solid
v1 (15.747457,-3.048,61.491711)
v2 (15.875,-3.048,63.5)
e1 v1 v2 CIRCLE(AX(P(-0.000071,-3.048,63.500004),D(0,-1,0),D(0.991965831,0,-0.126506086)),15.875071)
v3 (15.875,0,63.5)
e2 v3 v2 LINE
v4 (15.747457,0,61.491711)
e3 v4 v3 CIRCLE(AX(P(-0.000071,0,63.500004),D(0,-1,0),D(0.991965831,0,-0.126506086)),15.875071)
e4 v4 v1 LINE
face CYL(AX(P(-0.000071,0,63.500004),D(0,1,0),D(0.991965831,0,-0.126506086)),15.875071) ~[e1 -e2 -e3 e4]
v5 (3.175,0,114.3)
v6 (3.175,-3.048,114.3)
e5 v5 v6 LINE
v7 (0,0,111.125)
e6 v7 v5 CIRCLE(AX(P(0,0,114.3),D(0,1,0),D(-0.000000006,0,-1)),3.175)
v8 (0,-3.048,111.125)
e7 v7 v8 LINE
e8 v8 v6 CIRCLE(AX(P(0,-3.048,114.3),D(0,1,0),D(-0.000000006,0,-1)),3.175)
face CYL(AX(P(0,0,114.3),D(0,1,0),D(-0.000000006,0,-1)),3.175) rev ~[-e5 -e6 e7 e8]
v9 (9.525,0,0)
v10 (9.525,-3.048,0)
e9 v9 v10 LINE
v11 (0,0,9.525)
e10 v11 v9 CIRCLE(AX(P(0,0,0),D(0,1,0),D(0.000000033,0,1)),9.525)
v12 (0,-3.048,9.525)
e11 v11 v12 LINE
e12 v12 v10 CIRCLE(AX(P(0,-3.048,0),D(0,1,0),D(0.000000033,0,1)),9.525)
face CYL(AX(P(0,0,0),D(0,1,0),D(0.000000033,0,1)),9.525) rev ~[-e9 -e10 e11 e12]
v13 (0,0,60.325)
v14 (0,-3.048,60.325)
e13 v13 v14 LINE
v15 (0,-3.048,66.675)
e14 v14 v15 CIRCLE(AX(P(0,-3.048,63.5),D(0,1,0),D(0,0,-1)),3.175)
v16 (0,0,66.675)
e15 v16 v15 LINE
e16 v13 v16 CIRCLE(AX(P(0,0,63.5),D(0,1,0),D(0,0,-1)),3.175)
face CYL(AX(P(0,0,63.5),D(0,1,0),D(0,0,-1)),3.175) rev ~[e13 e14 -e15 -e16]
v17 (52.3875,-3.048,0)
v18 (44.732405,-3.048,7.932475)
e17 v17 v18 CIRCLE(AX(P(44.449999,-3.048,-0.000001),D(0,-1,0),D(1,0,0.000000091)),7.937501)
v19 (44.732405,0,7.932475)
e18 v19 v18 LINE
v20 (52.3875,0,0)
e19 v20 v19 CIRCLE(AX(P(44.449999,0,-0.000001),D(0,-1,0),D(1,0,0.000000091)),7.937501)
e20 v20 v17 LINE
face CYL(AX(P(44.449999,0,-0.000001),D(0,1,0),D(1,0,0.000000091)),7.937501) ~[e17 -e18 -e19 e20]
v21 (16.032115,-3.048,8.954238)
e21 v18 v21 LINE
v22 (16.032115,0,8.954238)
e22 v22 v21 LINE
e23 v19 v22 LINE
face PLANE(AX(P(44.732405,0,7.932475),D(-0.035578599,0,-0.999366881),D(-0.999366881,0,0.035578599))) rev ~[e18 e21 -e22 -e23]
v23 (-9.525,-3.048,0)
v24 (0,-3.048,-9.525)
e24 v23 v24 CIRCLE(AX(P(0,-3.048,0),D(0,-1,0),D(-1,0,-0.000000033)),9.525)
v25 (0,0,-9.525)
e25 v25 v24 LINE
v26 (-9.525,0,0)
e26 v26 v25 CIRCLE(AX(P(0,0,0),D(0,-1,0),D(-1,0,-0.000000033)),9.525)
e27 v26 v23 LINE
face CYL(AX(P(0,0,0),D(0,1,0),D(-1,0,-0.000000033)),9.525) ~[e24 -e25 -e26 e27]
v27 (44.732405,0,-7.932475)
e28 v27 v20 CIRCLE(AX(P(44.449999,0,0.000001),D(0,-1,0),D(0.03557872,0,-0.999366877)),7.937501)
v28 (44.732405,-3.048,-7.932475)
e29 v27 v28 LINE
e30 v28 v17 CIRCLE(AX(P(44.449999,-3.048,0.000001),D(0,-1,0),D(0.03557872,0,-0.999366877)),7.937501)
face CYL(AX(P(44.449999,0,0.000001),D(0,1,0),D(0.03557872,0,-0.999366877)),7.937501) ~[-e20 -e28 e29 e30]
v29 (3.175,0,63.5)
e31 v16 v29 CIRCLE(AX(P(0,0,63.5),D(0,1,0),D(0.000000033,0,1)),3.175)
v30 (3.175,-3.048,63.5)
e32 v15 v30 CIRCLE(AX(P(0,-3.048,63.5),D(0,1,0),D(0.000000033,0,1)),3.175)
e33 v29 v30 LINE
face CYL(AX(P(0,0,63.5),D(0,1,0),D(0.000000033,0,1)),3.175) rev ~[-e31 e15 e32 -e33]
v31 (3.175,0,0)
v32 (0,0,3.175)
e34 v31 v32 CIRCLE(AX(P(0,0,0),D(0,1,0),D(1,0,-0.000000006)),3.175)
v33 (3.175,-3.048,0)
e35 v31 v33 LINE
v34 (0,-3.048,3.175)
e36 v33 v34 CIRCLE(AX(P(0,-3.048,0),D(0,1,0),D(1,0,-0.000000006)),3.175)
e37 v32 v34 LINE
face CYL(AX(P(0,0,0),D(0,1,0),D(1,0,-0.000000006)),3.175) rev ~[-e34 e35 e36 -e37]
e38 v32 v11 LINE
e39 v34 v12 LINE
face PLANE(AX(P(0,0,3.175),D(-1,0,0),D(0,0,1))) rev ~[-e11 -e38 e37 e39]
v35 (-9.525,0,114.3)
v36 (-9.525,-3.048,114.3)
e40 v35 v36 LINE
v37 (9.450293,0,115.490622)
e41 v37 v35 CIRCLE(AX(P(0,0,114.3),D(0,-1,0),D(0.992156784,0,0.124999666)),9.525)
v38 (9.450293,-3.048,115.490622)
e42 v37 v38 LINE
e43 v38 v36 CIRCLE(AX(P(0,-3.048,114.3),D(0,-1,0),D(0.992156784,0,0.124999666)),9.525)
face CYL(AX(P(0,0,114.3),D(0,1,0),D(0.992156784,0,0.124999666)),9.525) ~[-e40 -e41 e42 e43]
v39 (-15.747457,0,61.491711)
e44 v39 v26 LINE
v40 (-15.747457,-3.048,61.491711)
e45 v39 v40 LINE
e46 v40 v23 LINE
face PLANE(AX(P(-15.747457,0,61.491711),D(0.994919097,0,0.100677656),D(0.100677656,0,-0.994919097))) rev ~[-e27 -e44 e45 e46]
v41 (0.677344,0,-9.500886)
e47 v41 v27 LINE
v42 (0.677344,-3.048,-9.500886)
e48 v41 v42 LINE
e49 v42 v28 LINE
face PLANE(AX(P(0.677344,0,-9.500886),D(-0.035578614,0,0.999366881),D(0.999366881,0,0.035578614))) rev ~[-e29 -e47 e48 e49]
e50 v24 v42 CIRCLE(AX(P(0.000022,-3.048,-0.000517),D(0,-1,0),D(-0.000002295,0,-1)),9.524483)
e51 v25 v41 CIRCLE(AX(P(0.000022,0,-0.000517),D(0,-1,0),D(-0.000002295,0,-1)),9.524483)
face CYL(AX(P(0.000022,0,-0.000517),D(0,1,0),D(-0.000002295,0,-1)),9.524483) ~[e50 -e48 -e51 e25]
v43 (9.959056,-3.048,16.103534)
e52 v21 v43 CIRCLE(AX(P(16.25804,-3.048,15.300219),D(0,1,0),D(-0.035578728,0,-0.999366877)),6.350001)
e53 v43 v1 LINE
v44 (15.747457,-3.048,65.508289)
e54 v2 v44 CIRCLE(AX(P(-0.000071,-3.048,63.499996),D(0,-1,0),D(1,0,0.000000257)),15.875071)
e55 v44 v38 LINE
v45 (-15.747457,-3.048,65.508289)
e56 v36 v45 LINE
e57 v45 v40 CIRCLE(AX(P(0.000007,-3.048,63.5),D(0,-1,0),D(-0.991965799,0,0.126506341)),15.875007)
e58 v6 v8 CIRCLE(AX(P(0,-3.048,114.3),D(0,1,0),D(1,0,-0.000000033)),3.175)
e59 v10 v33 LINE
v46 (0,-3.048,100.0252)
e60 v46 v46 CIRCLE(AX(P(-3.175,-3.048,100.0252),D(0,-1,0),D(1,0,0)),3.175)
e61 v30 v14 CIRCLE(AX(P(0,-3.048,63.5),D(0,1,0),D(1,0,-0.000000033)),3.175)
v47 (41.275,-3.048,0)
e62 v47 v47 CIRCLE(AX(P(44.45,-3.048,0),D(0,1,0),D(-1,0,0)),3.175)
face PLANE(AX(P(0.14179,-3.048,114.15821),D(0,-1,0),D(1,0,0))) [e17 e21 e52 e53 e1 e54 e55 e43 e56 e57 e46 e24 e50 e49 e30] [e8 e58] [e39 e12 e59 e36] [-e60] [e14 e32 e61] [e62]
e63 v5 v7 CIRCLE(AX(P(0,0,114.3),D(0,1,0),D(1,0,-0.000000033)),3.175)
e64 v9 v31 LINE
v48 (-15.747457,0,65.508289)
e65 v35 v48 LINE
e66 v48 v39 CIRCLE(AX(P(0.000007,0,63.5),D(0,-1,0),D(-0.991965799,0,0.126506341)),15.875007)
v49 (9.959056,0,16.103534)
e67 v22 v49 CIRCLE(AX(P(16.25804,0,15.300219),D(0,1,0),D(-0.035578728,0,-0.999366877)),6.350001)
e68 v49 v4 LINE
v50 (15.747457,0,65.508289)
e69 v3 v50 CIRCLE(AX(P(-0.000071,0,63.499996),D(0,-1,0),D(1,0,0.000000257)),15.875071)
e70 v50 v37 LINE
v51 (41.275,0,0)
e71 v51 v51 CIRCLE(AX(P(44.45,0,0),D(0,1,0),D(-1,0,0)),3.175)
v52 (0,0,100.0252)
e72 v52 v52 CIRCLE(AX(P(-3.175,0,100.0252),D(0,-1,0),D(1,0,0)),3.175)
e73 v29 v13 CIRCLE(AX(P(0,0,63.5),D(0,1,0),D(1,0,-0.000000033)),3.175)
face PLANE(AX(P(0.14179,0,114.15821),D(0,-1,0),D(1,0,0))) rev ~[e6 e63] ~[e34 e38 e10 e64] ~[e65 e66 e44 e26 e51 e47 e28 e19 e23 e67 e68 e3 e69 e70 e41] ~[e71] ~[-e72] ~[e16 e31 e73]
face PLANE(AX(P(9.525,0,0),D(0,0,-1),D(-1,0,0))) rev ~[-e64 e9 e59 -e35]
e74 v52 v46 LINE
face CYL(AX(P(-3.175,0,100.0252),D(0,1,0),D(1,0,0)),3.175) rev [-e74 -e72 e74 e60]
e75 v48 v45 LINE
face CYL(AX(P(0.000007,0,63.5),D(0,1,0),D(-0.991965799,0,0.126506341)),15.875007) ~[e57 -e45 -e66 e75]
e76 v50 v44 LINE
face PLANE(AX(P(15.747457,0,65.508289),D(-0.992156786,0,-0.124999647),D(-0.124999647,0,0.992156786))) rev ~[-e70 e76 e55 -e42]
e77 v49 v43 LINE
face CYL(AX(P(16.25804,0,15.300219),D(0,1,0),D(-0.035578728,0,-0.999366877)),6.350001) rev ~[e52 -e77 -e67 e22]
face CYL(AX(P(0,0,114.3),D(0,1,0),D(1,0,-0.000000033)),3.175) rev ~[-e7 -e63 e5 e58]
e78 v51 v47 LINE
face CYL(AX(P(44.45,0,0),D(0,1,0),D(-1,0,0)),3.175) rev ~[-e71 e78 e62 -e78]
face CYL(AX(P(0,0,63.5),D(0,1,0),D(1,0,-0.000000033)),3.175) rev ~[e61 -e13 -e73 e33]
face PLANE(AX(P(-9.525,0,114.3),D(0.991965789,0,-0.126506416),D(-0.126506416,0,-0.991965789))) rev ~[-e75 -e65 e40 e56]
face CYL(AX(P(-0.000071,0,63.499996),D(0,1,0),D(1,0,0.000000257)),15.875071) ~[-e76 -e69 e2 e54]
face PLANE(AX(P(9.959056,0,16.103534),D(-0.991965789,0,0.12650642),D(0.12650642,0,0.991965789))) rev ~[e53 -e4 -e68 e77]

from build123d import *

# Parameters (mm, degrees)
F0_R     = 3.175
F1_DEPTH = 3.048


with BuildPart() as f1:
    # F0 (on Front) → F1 (new body)
    with BuildSketch(Plane.XZ):
        with BuildLine():
            ThreePointArc((3.175, 114.3), (-2.245064, 116.545064), (0, 111.125))
            ThreePointArc((0, 111.125), (2.245064, 112.054936), (3.175, 114.3))
        make_face()
        with BuildLine():
            ThreePointArc((0, 104.775), (6.735192, 107.564808), (9.525, 114.3))
            ThreePointArc((9.525, 114.3), (9.506305, 114.896482), (9.450293, 115.490622))
            ThreePointArc((9.450293, 115.490622), (-0.596482, 123.806305), (-9.525, 114.3))
            ThreePointArc((-9.525, 114.3), (-6.735192, 107.564808), (0, 104.775))
        make_face()
        with BuildLine():
            ThreePointArc((3.175, 114.3), (2.245064, 112.054936), (0, 111.125))
            ThreePointArc((0, 111.125), (-2.245064, 116.545064), (3.175, 114.3))
        make_face(mode=Mode.SUBTRACT)
        with BuildLine():
            ThreePointArc((9.450293, 115.490622), (9.506305, 114.896482), (9.525, 114.3))
            ThreePointArc((9.525, 114.3), (6.735192, 107.564808), (0, 104.775))
            Line((0, 104.775), (0, 100.0252))
            Line((0, 100.0252), (0, 79.375))
            ThreePointArc((0, 79.375), (10.491283, 75.414219), (15.747457, 65.508289))
            Line((15.747457, 65.508289), (9.450293, 115.490622))
        make_face()
        with BuildLine():
            Line((0, 100.0252), (0, 104.775))
            ThreePointArc((0, 104.775), (-6.735192, 107.564808), (-9.525, 114.3))
            Line((-9.525, 114.3), (-15.747457, 65.508289))
            ThreePointArc((-15.747457, 65.508289), (-10.491283, 75.414219), (0, 79.375))
            Line((0, 79.375), (0, 100.0252))
        make_face()
        with Locations((-3.175, 100.0252)):
            Circle(F0_R, mode=Mode.SUBTRACT)
        with BuildLine():
            ThreePointArc((15.875, 63.5), (15.843082, 64.506168), (15.747457, 65.508289))
            ThreePointArc((15.747457, 65.508289), (10.491283, 75.414219), (0, 79.375))
            Line((0, 79.375), (0, 66.675))
            ThreePointArc((0, 66.675), (2.245064, 65.745064), (3.175, 63.5))
            ThreePointArc((3.175, 63.5), (2.245064, 61.254936), (0, 60.325))
            Line((0, 60.325), (0, 47.625))
            ThreePointArc((0, 47.625), (10.491283, 51.585781), (15.747457, 61.491711))
            ThreePointArc((15.747457, 61.491711), (15.843082, 62.493832), (15.875, 63.5))
        make_face()
        with BuildLine():
            ThreePointArc((0, 79.375), (-10.491283, 75.414219), (-15.747457, 65.508289))
            ThreePointArc((-15.747457, 65.508289), (-15.875, 63.5), (-15.747457, 61.491711))
            ThreePointArc((-15.747457, 61.491711), (-10.491283, 51.585781), (0, 47.625))
            Line((0, 47.625), (0, 60.325))
            ThreePointArc((0, 60.325), (-3.175, 63.5), (0, 66.675))
            Line((0, 66.675), (0, 79.375))
        make_face()
        with BuildLine():
            ThreePointArc((0, 47.625), (-10.491283, 51.585781), (-15.747457, 61.491711))
            Line((-15.747457, 61.491711), (-9.525, 0))
            ThreePointArc((-9.525, 0), (-6.735192, 6.735192), (0, 9.525))
            Line((0, 9.525), (0, 47.625))
        make_face()
        with BuildLine():
            Line((9.959056, 16.103534), (15.747457, 61.491711))
            ThreePointArc((15.747457, 61.491711), (10.491283, 51.585781), (0, 47.625))
            Line((0, 47.625), (0, 9.525))
            ThreePointArc((0, 9.525), (6.735192, 6.735192), (9.525, 0))
            Line((9.525, 0), (36.5125, 0))
            ThreePointArc((36.5125, 0), (38.93809, 5.711633), (44.732405, 7.932475))
            Line((44.732405, 7.932475), (16.032115, 8.954238))
            ThreePointArc((16.032115, 8.954238), (11.418441, 11.189161), (9.959056, 16.103534))
        make_face()
        with BuildLine():
            ThreePointArc((0, 9.525), (-6.735192, 6.735192), (-9.525, 0))
            ThreePointArc((-9.525, 0), (-6.735192, -6.735192), (0, -9.525))
            Line((0, -9.525), (0.677344, -9.500886))
            ThreePointArc((0.677344, -9.500886), (6.970557, -6.491299), (9.525, 0))
            Line((9.525, 0), (3.175, 0))
            ThreePointArc((3.175, 0), (-2.245064, -2.245064), (0, 3.175))
            Line((0, 3.175), (0, 9.525))
        make_face()
        with BuildLine():
            Line((0.677344, -9.500886), (0, -9.525))
            ThreePointArc((0, -9.525), (0.338886, -9.51897), (0.677344, -9.500886))
        make_face()
        with BuildLine():
            Line((36.5125, 0), (9.525, 0))
            ThreePointArc((9.525, 0), (6.970557, -6.491299), (0.677344, -9.500886))
            Line((0.677344, -9.500886), (44.732405, -7.932475))
            ThreePointArc((44.732405, -7.932475), (38.93809, -5.711633), (36.5125, 0))
        make_face()
        with BuildLine():
            ThreePointArc((47.625, 0), (44.45, 3.175), (41.275, 0))
            ThreePointArc((41.275, 0), (44.45, -3.175), (47.625, 0))
        make_face()
        with BuildLine():
            ThreePointArc((52.3875, 0), (50.161633, 5.51191), (44.732405, 7.932475))
            ThreePointArc((44.732405, 7.932475), (38.93809, 5.711633), (36.5125, 0))
            ThreePointArc((36.5125, 0), (38.93809, -5.711633), (44.732405, -7.932475))
            ThreePointArc((44.732405, -7.932475), (50.161633, -5.51191), (52.3875, 0))
        make_face()
        with BuildLine():
            ThreePointArc((47.625, 0), (44.45, -3.175), (41.275, 0))
            ThreePointArc((41.275, 0), (44.45, 3.175), (47.625, 0))
        make_face(mode=Mode.SUBTRACT)
    extrude(amount=F1_DEPTH)


solid = f1.part
